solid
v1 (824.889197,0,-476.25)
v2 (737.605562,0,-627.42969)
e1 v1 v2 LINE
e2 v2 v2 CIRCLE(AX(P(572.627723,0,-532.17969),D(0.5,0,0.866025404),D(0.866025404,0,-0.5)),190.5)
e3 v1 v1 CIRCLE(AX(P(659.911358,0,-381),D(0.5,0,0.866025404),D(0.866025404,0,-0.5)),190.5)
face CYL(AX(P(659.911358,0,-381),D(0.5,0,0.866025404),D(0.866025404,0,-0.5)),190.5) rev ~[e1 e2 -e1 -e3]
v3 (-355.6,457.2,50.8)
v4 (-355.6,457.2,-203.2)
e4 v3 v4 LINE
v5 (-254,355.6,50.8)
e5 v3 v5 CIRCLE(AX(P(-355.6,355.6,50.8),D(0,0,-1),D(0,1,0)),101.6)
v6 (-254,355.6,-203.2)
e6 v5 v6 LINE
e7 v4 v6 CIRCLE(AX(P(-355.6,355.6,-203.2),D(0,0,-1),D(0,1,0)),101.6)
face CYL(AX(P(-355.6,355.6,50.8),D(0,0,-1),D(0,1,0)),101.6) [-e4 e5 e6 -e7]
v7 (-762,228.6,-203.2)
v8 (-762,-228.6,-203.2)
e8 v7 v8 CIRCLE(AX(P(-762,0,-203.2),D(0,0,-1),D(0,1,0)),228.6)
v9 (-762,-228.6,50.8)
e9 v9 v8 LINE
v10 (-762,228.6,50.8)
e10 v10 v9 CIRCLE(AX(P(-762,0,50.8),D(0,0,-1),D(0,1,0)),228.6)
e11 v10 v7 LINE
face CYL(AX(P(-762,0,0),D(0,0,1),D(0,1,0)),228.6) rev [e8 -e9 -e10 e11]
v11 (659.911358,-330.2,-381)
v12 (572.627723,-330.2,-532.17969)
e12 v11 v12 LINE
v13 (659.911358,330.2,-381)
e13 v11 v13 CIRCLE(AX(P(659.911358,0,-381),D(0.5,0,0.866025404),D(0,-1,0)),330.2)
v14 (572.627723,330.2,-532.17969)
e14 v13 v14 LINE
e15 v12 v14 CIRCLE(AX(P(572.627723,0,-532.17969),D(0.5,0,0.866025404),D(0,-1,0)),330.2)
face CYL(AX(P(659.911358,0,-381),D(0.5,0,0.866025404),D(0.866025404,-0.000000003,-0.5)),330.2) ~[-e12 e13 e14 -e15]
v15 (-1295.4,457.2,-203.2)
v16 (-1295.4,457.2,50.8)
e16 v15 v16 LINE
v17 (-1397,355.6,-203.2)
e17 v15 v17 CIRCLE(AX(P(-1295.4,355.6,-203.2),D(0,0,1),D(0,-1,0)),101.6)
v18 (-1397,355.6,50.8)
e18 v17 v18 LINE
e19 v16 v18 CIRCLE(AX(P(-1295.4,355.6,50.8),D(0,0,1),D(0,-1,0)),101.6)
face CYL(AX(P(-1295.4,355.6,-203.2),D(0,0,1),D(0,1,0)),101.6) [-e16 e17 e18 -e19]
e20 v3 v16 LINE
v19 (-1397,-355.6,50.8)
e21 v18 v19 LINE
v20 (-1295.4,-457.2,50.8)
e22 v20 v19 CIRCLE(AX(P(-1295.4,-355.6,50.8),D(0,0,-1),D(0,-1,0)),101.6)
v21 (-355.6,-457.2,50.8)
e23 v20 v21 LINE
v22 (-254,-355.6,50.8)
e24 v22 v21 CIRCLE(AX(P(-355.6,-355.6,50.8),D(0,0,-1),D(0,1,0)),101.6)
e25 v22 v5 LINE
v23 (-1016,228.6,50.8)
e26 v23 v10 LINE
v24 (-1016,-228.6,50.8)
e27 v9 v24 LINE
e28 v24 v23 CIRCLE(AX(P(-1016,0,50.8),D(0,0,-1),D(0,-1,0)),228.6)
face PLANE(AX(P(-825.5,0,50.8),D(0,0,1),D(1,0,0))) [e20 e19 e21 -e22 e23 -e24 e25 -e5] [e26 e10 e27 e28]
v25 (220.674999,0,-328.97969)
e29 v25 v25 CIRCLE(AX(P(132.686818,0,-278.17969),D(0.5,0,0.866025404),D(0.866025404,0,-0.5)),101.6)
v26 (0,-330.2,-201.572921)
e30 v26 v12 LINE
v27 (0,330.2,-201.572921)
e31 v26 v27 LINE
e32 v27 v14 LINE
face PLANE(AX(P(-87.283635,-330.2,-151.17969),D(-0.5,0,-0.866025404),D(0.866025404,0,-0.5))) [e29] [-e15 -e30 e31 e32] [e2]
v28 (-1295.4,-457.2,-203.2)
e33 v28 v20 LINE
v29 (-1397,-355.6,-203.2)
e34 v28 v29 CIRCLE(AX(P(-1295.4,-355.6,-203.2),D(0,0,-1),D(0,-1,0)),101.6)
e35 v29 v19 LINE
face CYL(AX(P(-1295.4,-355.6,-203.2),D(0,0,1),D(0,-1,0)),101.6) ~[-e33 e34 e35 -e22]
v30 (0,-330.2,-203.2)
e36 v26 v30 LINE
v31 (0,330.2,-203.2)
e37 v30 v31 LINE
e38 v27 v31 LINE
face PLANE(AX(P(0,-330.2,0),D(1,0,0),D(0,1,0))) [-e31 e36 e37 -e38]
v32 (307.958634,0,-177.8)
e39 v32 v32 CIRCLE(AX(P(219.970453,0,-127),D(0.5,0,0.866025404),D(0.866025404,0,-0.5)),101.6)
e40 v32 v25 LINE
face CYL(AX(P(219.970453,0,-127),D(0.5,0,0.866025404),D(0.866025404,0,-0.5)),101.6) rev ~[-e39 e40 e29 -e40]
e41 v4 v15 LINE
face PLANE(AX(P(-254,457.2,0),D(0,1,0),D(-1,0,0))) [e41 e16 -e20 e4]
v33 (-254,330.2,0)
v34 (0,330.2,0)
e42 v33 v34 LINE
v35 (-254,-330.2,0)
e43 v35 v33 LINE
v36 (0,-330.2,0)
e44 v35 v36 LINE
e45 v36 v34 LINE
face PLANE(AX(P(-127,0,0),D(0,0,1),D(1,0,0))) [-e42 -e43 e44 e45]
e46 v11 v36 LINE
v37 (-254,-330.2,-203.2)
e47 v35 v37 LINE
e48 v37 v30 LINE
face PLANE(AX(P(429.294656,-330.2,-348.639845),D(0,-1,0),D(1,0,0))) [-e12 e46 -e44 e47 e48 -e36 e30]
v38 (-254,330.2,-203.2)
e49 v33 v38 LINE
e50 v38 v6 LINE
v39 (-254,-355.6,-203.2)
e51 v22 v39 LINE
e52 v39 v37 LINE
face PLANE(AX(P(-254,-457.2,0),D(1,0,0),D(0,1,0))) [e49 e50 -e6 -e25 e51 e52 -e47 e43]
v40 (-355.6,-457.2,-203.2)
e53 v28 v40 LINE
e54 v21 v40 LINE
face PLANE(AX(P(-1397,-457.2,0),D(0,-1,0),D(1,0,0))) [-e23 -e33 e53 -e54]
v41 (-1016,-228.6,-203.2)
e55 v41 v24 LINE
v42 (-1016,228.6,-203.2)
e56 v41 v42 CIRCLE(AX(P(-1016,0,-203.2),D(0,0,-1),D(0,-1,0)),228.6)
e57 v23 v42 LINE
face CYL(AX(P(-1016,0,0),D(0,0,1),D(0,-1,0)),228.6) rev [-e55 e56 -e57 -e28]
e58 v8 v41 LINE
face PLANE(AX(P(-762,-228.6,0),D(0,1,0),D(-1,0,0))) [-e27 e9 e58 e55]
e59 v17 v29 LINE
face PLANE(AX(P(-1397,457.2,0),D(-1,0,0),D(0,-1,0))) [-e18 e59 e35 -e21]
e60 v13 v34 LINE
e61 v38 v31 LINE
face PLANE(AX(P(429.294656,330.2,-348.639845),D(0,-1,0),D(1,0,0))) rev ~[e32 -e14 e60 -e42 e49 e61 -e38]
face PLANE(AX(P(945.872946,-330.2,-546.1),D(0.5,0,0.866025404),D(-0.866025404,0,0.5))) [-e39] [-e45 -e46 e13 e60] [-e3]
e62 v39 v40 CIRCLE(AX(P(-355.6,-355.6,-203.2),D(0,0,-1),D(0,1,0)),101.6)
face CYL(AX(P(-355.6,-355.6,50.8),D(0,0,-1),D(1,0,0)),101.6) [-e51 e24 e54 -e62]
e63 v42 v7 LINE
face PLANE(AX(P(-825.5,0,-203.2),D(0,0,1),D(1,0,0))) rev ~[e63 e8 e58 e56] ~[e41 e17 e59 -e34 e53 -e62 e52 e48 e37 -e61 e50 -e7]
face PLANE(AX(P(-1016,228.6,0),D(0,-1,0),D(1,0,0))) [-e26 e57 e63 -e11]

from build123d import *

# Parameters (mm, degrees)
F0_W          = 254
F0_H          = 660.4
F1_DEPTH      = 203.2
F3_DEPTH      = 50.8
F3_DEPTH_BACK = 203.2
F4_R          = 101.6
F6_DEPTH      = 660.4
F8_DEPTH      = 1302.3629254774
F9_R          = 190.5
F9_R_2        = 101.6
F10_DEPTH     = 1302.3629254774


with BuildPart() as f1:
    # F0 (on Top) → F1 (new body)
    with BuildSketch(Plane.XY):
        with Locations((-127, 0)):
            Rectangle(F0_W, F0_H)
    extrude(amount=-F1_DEPTH)

    # F2 (on face) → F3 (join, two sides)
    with BuildSketch(Plane.XY) as f3_sk:
        Polygon((-254, 330.2), (-254, 457.2), (-1397, 457.2), (-1397, -457.2), (-254, -457.2), (-254, -330.2), align=None)
        with BuildLine():
            ThreePointArc((-1016, -228.6), (-1244.6, 0), (-1016, 228.6))
            Line((-1016, 228.6), (-762, 228.6))
            ThreePointArc((-762, 228.6), (-533.4, 0), (-762, -228.6))
            Line((-762, -228.6), (-1016, -228.6))
        make_face(mode=Mode.SUBTRACT)
    extrude(amount=F3_DEPTH)
    extrude(f3_sk.sketch, amount=-F3_DEPTH_BACK)

    # F4
    f4_edges = [f1.edges().sort_by_distance(p)[0] for p in [
        (-254, -457.2, -76.2),
        (-254, 457.2, -76.2),
        (-1397, 457.2, -76.2),
        (-1397, -457.2, -76.2),
    ]]
    fillet(f4_edges, radius=F4_R)

    # F5 (on face) → F6 (join)
    with BuildSketch(Plane.XZ.offset(330.2)):
        Polygon((945.8729460134, -546.1), (0, 0), (-87.2836349805, -151.1796904555), (858.5893110329, -697.2796904555), align=None)
    extrude(amount=-F6_DEPTH)

    # F7 (on face) → F8 (cut, through all)
    with BuildSketch(Plane(origin=(0, 0, 0), x_dir=(0.8660254038, 0, -0.5), z_dir=(0.5, 0, 0.8660254038))):
        with BuildLine():
            ThreePointArc((1092.2, -1.051e-06), (995.4866587762, -233.4866595194), (762, -330.2))
            Line((762, -330.2), (1092.2, -330.2))
            Line((1092.2, -330.2), (1092.2, -1.051e-06))
        make_face()
        with BuildLine():
            ThreePointArc((762, 330.2), (995.4866595194, 233.4866587762), (1092.2, -1.051e-06))
            Line((1092.2, -1.051e-06), (1092.2, 330.2))
            Line((1092.2, 330.2), (762, 330.2))
        make_face()
    extrude(amount=-F8_DEPTH, mode=Mode.SUBTRACT)

    # F9 (on face) → F10 (cut, through all)
    with BuildSketch(Plane(origin=(0, 0, 0), x_dir=(0.8660254038, 0, -0.5), z_dir=(0.5, 0, 0.8660254038))):
        with Locations((762, 0)):
            Circle(F9_R)
        with Locations((254, 0)):
            Circle(F9_R_2)
    extrude(amount=-F10_DEPTH, mode=Mode.SUBTRACT)


solid = f1.part
